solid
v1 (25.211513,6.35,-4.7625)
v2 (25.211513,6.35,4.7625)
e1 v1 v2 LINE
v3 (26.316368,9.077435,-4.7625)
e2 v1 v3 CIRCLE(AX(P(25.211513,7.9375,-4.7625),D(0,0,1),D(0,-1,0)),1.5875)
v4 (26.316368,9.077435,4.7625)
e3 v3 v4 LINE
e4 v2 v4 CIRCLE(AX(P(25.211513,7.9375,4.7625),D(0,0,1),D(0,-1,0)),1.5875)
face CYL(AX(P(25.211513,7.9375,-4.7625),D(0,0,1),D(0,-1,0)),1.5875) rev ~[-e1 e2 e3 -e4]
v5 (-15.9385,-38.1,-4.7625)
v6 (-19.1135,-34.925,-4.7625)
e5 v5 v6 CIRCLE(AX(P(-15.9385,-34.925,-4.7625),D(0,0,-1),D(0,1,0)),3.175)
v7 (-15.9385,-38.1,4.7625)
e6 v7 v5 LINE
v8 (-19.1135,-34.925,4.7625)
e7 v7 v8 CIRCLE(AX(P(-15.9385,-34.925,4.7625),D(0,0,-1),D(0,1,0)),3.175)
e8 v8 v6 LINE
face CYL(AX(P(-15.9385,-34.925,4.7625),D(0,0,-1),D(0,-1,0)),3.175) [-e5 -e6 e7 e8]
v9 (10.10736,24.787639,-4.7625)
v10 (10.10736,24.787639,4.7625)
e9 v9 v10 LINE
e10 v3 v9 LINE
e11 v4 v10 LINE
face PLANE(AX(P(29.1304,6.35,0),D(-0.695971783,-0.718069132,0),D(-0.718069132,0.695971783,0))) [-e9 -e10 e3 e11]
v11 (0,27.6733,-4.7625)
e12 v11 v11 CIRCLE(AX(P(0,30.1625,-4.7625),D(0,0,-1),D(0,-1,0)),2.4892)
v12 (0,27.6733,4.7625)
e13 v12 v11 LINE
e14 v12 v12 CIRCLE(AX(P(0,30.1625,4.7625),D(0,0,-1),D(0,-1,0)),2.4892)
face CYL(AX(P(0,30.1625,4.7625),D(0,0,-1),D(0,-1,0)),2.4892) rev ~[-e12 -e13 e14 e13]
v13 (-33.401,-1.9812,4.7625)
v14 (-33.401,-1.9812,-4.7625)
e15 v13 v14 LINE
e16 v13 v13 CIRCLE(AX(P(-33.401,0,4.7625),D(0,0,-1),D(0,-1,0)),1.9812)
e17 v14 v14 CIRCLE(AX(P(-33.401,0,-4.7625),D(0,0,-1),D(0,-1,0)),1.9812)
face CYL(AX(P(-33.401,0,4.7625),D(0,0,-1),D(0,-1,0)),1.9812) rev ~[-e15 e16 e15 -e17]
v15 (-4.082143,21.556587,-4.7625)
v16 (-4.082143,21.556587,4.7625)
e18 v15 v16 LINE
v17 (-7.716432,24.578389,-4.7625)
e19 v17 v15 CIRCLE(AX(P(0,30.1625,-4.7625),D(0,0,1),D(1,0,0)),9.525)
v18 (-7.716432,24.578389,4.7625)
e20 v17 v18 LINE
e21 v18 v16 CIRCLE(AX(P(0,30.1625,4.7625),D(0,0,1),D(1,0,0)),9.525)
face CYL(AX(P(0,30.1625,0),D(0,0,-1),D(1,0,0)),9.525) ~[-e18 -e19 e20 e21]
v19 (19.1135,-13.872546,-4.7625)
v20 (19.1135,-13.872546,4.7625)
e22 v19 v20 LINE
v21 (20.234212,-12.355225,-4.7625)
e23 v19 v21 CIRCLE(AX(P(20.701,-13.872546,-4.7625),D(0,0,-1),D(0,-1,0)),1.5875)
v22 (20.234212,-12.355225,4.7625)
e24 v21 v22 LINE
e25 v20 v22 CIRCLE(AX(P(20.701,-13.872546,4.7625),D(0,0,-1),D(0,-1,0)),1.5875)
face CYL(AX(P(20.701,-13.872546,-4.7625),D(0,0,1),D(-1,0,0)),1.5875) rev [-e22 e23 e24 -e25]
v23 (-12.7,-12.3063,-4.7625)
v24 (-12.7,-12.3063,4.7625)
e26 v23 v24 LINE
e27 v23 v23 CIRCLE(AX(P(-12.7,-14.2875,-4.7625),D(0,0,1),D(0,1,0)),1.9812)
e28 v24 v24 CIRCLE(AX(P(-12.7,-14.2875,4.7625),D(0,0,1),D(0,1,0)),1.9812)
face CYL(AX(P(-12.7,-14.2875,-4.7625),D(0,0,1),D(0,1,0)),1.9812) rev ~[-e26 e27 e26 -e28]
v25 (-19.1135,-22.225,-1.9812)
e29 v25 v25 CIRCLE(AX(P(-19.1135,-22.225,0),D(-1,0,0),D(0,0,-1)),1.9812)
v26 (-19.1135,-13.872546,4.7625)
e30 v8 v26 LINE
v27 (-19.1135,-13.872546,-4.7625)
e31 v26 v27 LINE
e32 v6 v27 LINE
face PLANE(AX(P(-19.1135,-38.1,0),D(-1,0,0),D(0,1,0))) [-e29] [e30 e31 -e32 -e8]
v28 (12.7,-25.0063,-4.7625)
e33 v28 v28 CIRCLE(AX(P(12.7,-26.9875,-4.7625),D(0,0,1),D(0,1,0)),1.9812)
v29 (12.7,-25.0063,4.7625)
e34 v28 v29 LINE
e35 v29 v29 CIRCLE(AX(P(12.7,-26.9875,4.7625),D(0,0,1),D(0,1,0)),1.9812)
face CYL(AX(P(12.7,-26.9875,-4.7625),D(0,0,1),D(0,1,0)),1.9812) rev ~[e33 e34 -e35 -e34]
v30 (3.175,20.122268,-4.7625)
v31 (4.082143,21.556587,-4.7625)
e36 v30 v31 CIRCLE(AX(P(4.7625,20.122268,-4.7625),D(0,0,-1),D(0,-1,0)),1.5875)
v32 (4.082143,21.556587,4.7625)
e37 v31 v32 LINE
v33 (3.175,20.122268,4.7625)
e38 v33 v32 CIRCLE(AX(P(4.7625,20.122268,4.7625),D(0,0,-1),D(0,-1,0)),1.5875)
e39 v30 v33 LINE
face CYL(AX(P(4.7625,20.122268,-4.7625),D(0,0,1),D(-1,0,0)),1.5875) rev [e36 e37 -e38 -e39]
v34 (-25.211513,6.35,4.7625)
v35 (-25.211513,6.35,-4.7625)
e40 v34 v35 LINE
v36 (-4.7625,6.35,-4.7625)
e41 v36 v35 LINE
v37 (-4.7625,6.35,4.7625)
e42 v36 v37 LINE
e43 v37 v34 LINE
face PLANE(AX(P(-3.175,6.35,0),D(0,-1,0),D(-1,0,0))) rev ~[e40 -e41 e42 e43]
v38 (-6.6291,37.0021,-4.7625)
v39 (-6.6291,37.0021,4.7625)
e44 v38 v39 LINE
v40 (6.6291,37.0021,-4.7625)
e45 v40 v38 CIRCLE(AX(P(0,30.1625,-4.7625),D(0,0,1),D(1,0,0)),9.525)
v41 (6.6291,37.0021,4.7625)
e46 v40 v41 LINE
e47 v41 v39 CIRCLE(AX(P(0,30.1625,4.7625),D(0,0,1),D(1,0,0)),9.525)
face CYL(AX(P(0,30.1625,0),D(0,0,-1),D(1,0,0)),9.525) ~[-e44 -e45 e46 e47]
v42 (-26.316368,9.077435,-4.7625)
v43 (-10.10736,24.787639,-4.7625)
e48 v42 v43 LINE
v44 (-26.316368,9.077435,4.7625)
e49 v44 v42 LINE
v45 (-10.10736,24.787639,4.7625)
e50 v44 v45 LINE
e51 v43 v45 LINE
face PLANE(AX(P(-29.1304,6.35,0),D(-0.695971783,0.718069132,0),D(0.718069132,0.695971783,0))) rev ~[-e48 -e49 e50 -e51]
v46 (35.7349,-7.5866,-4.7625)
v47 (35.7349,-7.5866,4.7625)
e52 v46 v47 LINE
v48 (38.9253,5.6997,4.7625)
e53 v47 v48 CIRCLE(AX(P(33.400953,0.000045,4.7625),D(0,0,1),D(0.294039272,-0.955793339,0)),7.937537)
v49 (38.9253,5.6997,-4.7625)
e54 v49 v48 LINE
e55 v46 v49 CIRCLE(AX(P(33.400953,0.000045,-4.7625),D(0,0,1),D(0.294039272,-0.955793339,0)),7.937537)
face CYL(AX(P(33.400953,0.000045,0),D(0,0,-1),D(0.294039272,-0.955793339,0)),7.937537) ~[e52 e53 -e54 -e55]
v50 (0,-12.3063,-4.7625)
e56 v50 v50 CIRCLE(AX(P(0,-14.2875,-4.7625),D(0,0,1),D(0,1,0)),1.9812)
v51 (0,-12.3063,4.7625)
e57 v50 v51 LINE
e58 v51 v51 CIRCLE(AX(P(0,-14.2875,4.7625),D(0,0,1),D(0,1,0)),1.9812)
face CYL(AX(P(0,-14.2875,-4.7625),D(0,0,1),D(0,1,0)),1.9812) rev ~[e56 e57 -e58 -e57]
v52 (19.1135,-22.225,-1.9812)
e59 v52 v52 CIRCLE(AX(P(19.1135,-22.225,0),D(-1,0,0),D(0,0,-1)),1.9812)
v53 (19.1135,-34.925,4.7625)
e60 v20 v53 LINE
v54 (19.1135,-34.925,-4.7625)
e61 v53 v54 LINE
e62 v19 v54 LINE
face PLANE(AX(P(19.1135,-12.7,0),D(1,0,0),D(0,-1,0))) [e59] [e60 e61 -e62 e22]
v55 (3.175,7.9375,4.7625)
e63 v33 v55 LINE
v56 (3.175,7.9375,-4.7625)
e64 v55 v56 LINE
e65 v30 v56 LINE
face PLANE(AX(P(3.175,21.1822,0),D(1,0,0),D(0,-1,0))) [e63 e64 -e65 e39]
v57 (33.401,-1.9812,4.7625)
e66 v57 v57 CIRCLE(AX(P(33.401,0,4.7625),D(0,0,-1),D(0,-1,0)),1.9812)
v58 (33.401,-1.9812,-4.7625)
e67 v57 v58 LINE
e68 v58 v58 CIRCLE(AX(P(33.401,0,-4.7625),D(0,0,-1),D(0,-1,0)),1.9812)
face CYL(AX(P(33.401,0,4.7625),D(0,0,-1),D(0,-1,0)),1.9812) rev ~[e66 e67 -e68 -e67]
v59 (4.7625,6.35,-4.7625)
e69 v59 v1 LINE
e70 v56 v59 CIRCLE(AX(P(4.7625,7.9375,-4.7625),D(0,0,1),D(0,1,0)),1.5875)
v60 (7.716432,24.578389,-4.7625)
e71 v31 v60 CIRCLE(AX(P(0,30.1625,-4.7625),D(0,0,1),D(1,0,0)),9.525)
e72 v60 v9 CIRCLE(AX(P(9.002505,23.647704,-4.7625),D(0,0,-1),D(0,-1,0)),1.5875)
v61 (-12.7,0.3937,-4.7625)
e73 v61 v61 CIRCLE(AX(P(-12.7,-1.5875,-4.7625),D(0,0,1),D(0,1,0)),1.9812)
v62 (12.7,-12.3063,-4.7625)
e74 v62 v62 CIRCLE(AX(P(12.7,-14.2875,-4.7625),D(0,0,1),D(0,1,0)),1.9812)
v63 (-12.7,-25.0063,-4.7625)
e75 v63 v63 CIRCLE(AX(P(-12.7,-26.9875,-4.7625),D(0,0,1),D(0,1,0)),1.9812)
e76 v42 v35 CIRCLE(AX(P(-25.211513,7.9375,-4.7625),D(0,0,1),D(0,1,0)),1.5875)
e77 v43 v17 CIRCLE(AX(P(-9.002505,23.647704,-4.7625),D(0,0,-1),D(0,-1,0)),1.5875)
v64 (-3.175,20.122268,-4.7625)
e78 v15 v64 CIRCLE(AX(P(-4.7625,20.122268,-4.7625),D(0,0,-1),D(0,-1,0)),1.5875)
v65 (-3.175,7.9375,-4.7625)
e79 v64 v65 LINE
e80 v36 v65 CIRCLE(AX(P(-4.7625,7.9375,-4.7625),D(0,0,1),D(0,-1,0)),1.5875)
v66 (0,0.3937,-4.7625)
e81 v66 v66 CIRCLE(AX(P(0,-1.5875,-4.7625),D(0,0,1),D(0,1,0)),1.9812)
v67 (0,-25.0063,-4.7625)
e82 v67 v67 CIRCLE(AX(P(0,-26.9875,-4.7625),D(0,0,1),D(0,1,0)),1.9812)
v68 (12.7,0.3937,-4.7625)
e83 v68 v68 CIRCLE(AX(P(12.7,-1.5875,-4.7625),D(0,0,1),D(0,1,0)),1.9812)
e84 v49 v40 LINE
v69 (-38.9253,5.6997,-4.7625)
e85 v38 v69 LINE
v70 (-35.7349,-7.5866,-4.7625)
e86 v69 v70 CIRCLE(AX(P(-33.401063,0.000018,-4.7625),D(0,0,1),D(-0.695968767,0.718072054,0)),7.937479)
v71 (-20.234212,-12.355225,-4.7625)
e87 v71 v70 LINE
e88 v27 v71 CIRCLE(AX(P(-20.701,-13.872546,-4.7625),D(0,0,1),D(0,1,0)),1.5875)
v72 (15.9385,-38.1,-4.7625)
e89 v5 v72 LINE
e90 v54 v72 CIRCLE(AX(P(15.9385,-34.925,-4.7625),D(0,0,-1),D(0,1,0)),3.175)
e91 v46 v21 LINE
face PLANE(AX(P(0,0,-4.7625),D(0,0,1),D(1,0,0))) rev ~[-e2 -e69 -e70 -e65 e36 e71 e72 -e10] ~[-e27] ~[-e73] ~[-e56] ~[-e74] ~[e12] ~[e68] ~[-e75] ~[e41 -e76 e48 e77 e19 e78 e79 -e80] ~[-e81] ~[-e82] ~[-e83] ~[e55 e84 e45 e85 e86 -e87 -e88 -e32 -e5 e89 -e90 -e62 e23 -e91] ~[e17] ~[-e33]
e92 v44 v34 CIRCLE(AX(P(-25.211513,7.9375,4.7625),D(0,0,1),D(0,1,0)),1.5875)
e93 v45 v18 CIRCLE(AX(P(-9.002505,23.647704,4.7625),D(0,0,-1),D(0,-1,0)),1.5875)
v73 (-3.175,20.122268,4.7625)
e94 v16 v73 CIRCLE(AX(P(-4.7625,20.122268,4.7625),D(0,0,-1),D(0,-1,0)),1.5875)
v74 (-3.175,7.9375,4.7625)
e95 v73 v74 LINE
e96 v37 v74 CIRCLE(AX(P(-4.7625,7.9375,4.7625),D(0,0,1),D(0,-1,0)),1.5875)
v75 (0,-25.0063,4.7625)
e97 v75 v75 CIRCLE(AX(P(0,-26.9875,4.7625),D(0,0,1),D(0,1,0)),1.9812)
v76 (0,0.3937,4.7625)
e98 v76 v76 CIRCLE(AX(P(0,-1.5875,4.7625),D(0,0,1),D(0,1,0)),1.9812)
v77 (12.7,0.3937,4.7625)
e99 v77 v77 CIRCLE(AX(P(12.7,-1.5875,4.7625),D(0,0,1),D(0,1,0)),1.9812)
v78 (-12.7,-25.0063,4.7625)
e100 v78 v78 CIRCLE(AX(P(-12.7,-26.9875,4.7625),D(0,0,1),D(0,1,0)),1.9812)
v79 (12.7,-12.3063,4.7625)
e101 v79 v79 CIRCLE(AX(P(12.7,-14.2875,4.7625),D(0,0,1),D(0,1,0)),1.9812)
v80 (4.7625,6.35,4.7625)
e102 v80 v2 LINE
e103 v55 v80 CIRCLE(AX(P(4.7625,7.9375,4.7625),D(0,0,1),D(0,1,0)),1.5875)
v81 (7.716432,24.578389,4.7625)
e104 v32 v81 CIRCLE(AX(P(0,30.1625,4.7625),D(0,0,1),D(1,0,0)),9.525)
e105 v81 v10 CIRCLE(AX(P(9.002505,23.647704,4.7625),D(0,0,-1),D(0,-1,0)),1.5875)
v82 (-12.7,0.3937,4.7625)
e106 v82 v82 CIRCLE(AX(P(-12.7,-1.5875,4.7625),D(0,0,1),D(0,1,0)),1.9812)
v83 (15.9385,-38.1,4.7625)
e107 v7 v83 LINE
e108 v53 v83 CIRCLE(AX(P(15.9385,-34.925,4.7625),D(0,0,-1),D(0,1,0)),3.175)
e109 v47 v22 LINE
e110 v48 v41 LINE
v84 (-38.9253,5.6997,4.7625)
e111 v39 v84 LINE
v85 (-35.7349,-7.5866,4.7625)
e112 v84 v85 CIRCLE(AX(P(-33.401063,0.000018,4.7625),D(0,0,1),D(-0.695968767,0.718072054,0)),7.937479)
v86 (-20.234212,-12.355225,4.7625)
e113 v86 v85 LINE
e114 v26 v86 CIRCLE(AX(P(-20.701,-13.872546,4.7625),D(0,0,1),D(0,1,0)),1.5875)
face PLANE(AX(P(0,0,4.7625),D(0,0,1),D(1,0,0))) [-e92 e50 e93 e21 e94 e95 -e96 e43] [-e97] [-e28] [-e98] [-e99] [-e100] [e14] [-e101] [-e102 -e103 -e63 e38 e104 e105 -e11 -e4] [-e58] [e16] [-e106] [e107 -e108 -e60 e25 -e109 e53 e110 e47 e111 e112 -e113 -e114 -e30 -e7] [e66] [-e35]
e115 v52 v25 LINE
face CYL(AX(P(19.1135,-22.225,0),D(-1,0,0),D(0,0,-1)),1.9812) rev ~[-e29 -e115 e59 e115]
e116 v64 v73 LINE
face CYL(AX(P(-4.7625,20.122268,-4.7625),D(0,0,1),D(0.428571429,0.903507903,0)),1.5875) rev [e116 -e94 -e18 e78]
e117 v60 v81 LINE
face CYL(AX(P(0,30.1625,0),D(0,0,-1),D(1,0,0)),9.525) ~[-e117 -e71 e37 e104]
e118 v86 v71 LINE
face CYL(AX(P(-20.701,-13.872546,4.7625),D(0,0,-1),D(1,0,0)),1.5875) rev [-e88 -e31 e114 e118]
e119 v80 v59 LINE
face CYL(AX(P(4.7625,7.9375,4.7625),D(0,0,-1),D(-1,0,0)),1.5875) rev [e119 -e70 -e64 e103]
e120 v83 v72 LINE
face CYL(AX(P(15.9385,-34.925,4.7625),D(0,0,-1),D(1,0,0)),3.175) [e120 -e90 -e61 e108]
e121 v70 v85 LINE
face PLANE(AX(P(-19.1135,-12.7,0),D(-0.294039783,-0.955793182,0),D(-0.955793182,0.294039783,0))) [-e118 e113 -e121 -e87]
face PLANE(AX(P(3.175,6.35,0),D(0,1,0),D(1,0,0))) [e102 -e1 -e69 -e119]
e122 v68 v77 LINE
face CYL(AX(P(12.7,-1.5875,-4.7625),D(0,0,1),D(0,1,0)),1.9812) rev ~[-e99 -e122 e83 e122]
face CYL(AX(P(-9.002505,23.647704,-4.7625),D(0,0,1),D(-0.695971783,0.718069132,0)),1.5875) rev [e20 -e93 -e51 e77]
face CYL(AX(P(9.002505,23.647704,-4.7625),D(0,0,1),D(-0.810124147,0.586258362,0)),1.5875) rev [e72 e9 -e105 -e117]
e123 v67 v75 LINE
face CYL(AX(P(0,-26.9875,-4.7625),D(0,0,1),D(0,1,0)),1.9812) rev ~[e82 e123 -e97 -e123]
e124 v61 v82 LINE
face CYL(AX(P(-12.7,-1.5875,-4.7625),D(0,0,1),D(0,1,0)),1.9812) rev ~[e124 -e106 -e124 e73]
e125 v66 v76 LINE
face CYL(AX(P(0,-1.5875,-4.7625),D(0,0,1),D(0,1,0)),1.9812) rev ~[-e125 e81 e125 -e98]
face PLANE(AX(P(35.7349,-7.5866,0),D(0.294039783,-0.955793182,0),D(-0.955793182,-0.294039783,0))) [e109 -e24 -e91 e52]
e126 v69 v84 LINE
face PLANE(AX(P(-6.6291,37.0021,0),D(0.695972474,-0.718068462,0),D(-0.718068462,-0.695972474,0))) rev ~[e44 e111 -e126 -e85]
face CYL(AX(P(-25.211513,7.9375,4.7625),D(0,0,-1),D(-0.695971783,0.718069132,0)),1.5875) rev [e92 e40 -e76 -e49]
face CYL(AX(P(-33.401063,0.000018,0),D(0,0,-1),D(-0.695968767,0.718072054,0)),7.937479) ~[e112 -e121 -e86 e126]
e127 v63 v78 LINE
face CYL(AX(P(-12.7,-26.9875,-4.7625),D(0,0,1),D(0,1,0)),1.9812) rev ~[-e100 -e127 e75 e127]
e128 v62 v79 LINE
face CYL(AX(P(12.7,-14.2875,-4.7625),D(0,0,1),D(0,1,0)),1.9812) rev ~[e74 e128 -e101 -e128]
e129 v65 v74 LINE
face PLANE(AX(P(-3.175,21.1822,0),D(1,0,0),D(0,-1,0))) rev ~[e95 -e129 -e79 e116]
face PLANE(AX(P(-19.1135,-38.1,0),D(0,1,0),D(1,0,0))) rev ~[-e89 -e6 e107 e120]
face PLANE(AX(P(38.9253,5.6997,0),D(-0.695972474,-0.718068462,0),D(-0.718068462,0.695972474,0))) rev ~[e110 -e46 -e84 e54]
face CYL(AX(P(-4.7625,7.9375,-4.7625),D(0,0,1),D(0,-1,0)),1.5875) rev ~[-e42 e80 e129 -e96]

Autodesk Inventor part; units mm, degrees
ref_plane "YZ Plane" through (0, 0, 0) normal (1, 0, 0) x (0, 1, 0)
ref_plane "XZ Plane" through (0, 0, 0) normal (0, 1, 0) x (-1, 0, 0)
ref_plane "XY Plane" through (0, 0, 0) normal (0, 0, 1) x (1, 0, 0)
sketch "Sketch1" plane through (0, 0, 0) normal (0, 0, 1) x (1, 0, 0)
  line L0 (33.401, 0) -> (-33.401, 0) construction
  arc A0 (38.9253, 5.6997) -> (35.7349, -7.5866) centre (33.401, 0) ccw construction
  arc A1 (-35.7349, -7.5866) -> (-38.9253, 5.6997) centre (-33.401, 0) ccw construction
  line L1 (19.1135, -12.7) -> (19.1135, -38.1)
  line L2 (-19.1135, -38.1) -> (-19.1135, -12.7)
  line L3 (-19.1135, -12.7) -> (-35.7349, -7.5866)
  arc A2 (35.7349, -7.5866) -> (38.9253, 5.6997) centre (33.401, 0) ccw
  arc A3 (-38.9253, 5.6997) -> (-35.7349, -7.5866) centre (-33.401, 0) ccw
  line L4 (0, 55.245) -> (0, -53.6575) construction
  line L5 (-19.1135, -38.1) -> (19.1135, -38.1)
  line L6 (35.7349, -7.5866) -> (19.1135, -12.7)
  line L7 (38.9253, 5.6997) -> (6.6291, 37.0021)
  circle A4 centre (0, 30.1625) radius 9.525
  line L8 (-6.6291, 37.0021) -> (-38.9253, 5.6997)
  line L9 (29.1304, 6.35) -> (8.6581, 26.1923)
  line L10 (3.175, 21.1822) -> (3.175, 6.35)
  line L11 (3.175, 6.35) -> (29.1304, 6.35)
  line L12 (-29.1304, 6.35) -> (-8.6581, 26.1923)
  line L13 (-3.175, 21.1822) -> (-3.175, 6.35)
  line L14 (-3.175, 6.35) -> (-29.1304, 6.35)
  point P0 (0, 0)
  point P1 (0, 0)
  point P2 (-8.6581, 26.1923)
  point P3 (-3.175, 21.1822)
  dimension "d24" = 50.927
  dimension "d25" = 7.9375
  dimension "d26" = 25.4
  dimension "d30" = 6.35
  dimension "d73" = 12.7
  dimension "d112" = 9.525
  dimension "d113" = 30.1625
  dimension "d115" = 6.35
  dimension "d116" = 6.35
  dimension "d117" = 6.35
extrude "Extrusion2" add sketch "Sketch1" along normal mid plane 9.525 contours L1 L5 L2 L3 A3 L8 A4 L12 L14 L13 L10 L11 L9 L7 A2 L6 | A4
sketch "Sketch2" plane through (0, 0, 4.7625) normal (0, 0, 1) x (1, 0, 0)
  arc A0 (-38.9253, 5.6997) -> (-35.7349, -7.5866) centre (-33.401, 0) ccw construction
  line L0 (-33.401, 0) -> (33.401, 0) construction
  point P0 (0, 0)
  point P1 (0, 0)
hole "Hole1" at (33.401, 0, 4.7625) at (-33.401, 0, 4.7625) direction (0, 0, -1) diameter 3.9624 end through all thread size "10-32 UNF" class "2B" standard "ANSI Unified Screw Threads"
sketch "Sketch3" plane through (0, 0, -4.7625) normal (0, 0, -1) x (-1, 0, 0)
  line L0 (-57.8739, 0) -> (57.8739, 0) construction
  line L1 (0, -53.6575) -> (0, 55.245) construction
  line L2 (12.7, -1.5875) -> (-12.7, -1.5875) construction
  line L3 (12.7, -14.2875) -> (-12.7, -14.2875) construction
  line L4 (12.7, -26.9875) -> (-12.7, -26.9875) construction
  point P0 (0, 0)
  point P1 (0, -1.5875)
  point P2 (0, -14.2875)
  point P3 (0, -26.9875)
  dimension "d43" = 25.4
  dimension "d45" = 1.5875
  dimension "d107" = 12.7
hole "Hole2" at (12.7, -1.5875, -4.7625) at (-12.7, -1.5875, -4.7625) at (0, -1.5875, -4.7625) at (12.7, -14.2875, -4.7625) at (0, -14.2875, -4.7625) at (-12.7, -14.2875, -4.7625) at (12.7, -26.9875, -4.7625) at (0, -26.9875, -4.7625) at (-12.7, -26.9875, -4.7625) direction (0, 0, 1) diameter 3.9624 end through all thread size "10-32 UNF" class "2B" standard "ANSI Unified Screw Threads"
sketch "Sketch6" plane through (19.1135, -38.1, 4.7625) normal (1, 0, 0) x (0, 0, -1)
  line L0 (9.525, 25.4) -> (0, 25.4) construction
  line L1 (0, 0) -> (0, 25.4) construction
  line L2 (9.525, 25.4) -> (9.525, 0) construction
  line L3 (9.525, 0) -> (0, 0) projected
  point P0 (4.7625, 38.1)
  point P1 (4.7625, 15.875)
  dimension "d74" = 22.225
hole "Hole3" at (19.1135, -22.225, 0) direction (-1, 0, 0) diameter 3.9624 end through all thread size "10-32 UNF" class "2B" standard "ANSI Unified Screw Threads"
sketch "Sketch7" plane through (0, 0, 4.7625) normal (0, 0, 1) x (1, 0, 0)
  arc A0 (6.6291, 37.0021) -> (-6.6291, 37.0021) centre (0, 30.1625) ccw construction
  point P0 (0, 0)
hole "Hole4" at (0, 30.1625, 4.7625) direction (0, 0, -1) diameter 4.9784 end through all thread size "1/4-20 UNC" class "2B" standard "ANSI Unified Screw Threads"
fillet "Fillet5" radius 3.175 2 edges at (-19.1135, -38.1, 0) (19.1135, -38.1, 0)
fillet "Fillet7" radius 1.5875 10 edges at (-19.1135, -12.7, 0) (19.1135, -12.7, 0) (29.1304, 6.35, 0) (3.175, 6.35, 0) (3.175, 21.1822, 0) (8.6581, 26.1923, 0) (-3.175, 21.1822, 0) (-8.6581, 26.1923, 0) (-3.175, 6.35, 0) (-29.1304, 6.35, 0)
equation "\"BendRadius\" = Thickness"
equation "\"BendReliefWidth\" = Thickness"
equation "\"BendReliefDepth\" = 0.5 * Thickness"
equation "\"CornerReliefSize\" = 4 * Thickness"
equation "\"MinimumRemnant\" = 2 * Thickness"
equation "\"TransitionRadius\" = BendRadius"
equation "\"JacobiRadiusSize\" = BendRadius"
equation "\"GapSize\" = Thickness"
equation "\"Thickness\" = 6.35"
properties part number "PLATE,TOP,ELEVATOR,STAGE1" material "Aluminum 7075"
